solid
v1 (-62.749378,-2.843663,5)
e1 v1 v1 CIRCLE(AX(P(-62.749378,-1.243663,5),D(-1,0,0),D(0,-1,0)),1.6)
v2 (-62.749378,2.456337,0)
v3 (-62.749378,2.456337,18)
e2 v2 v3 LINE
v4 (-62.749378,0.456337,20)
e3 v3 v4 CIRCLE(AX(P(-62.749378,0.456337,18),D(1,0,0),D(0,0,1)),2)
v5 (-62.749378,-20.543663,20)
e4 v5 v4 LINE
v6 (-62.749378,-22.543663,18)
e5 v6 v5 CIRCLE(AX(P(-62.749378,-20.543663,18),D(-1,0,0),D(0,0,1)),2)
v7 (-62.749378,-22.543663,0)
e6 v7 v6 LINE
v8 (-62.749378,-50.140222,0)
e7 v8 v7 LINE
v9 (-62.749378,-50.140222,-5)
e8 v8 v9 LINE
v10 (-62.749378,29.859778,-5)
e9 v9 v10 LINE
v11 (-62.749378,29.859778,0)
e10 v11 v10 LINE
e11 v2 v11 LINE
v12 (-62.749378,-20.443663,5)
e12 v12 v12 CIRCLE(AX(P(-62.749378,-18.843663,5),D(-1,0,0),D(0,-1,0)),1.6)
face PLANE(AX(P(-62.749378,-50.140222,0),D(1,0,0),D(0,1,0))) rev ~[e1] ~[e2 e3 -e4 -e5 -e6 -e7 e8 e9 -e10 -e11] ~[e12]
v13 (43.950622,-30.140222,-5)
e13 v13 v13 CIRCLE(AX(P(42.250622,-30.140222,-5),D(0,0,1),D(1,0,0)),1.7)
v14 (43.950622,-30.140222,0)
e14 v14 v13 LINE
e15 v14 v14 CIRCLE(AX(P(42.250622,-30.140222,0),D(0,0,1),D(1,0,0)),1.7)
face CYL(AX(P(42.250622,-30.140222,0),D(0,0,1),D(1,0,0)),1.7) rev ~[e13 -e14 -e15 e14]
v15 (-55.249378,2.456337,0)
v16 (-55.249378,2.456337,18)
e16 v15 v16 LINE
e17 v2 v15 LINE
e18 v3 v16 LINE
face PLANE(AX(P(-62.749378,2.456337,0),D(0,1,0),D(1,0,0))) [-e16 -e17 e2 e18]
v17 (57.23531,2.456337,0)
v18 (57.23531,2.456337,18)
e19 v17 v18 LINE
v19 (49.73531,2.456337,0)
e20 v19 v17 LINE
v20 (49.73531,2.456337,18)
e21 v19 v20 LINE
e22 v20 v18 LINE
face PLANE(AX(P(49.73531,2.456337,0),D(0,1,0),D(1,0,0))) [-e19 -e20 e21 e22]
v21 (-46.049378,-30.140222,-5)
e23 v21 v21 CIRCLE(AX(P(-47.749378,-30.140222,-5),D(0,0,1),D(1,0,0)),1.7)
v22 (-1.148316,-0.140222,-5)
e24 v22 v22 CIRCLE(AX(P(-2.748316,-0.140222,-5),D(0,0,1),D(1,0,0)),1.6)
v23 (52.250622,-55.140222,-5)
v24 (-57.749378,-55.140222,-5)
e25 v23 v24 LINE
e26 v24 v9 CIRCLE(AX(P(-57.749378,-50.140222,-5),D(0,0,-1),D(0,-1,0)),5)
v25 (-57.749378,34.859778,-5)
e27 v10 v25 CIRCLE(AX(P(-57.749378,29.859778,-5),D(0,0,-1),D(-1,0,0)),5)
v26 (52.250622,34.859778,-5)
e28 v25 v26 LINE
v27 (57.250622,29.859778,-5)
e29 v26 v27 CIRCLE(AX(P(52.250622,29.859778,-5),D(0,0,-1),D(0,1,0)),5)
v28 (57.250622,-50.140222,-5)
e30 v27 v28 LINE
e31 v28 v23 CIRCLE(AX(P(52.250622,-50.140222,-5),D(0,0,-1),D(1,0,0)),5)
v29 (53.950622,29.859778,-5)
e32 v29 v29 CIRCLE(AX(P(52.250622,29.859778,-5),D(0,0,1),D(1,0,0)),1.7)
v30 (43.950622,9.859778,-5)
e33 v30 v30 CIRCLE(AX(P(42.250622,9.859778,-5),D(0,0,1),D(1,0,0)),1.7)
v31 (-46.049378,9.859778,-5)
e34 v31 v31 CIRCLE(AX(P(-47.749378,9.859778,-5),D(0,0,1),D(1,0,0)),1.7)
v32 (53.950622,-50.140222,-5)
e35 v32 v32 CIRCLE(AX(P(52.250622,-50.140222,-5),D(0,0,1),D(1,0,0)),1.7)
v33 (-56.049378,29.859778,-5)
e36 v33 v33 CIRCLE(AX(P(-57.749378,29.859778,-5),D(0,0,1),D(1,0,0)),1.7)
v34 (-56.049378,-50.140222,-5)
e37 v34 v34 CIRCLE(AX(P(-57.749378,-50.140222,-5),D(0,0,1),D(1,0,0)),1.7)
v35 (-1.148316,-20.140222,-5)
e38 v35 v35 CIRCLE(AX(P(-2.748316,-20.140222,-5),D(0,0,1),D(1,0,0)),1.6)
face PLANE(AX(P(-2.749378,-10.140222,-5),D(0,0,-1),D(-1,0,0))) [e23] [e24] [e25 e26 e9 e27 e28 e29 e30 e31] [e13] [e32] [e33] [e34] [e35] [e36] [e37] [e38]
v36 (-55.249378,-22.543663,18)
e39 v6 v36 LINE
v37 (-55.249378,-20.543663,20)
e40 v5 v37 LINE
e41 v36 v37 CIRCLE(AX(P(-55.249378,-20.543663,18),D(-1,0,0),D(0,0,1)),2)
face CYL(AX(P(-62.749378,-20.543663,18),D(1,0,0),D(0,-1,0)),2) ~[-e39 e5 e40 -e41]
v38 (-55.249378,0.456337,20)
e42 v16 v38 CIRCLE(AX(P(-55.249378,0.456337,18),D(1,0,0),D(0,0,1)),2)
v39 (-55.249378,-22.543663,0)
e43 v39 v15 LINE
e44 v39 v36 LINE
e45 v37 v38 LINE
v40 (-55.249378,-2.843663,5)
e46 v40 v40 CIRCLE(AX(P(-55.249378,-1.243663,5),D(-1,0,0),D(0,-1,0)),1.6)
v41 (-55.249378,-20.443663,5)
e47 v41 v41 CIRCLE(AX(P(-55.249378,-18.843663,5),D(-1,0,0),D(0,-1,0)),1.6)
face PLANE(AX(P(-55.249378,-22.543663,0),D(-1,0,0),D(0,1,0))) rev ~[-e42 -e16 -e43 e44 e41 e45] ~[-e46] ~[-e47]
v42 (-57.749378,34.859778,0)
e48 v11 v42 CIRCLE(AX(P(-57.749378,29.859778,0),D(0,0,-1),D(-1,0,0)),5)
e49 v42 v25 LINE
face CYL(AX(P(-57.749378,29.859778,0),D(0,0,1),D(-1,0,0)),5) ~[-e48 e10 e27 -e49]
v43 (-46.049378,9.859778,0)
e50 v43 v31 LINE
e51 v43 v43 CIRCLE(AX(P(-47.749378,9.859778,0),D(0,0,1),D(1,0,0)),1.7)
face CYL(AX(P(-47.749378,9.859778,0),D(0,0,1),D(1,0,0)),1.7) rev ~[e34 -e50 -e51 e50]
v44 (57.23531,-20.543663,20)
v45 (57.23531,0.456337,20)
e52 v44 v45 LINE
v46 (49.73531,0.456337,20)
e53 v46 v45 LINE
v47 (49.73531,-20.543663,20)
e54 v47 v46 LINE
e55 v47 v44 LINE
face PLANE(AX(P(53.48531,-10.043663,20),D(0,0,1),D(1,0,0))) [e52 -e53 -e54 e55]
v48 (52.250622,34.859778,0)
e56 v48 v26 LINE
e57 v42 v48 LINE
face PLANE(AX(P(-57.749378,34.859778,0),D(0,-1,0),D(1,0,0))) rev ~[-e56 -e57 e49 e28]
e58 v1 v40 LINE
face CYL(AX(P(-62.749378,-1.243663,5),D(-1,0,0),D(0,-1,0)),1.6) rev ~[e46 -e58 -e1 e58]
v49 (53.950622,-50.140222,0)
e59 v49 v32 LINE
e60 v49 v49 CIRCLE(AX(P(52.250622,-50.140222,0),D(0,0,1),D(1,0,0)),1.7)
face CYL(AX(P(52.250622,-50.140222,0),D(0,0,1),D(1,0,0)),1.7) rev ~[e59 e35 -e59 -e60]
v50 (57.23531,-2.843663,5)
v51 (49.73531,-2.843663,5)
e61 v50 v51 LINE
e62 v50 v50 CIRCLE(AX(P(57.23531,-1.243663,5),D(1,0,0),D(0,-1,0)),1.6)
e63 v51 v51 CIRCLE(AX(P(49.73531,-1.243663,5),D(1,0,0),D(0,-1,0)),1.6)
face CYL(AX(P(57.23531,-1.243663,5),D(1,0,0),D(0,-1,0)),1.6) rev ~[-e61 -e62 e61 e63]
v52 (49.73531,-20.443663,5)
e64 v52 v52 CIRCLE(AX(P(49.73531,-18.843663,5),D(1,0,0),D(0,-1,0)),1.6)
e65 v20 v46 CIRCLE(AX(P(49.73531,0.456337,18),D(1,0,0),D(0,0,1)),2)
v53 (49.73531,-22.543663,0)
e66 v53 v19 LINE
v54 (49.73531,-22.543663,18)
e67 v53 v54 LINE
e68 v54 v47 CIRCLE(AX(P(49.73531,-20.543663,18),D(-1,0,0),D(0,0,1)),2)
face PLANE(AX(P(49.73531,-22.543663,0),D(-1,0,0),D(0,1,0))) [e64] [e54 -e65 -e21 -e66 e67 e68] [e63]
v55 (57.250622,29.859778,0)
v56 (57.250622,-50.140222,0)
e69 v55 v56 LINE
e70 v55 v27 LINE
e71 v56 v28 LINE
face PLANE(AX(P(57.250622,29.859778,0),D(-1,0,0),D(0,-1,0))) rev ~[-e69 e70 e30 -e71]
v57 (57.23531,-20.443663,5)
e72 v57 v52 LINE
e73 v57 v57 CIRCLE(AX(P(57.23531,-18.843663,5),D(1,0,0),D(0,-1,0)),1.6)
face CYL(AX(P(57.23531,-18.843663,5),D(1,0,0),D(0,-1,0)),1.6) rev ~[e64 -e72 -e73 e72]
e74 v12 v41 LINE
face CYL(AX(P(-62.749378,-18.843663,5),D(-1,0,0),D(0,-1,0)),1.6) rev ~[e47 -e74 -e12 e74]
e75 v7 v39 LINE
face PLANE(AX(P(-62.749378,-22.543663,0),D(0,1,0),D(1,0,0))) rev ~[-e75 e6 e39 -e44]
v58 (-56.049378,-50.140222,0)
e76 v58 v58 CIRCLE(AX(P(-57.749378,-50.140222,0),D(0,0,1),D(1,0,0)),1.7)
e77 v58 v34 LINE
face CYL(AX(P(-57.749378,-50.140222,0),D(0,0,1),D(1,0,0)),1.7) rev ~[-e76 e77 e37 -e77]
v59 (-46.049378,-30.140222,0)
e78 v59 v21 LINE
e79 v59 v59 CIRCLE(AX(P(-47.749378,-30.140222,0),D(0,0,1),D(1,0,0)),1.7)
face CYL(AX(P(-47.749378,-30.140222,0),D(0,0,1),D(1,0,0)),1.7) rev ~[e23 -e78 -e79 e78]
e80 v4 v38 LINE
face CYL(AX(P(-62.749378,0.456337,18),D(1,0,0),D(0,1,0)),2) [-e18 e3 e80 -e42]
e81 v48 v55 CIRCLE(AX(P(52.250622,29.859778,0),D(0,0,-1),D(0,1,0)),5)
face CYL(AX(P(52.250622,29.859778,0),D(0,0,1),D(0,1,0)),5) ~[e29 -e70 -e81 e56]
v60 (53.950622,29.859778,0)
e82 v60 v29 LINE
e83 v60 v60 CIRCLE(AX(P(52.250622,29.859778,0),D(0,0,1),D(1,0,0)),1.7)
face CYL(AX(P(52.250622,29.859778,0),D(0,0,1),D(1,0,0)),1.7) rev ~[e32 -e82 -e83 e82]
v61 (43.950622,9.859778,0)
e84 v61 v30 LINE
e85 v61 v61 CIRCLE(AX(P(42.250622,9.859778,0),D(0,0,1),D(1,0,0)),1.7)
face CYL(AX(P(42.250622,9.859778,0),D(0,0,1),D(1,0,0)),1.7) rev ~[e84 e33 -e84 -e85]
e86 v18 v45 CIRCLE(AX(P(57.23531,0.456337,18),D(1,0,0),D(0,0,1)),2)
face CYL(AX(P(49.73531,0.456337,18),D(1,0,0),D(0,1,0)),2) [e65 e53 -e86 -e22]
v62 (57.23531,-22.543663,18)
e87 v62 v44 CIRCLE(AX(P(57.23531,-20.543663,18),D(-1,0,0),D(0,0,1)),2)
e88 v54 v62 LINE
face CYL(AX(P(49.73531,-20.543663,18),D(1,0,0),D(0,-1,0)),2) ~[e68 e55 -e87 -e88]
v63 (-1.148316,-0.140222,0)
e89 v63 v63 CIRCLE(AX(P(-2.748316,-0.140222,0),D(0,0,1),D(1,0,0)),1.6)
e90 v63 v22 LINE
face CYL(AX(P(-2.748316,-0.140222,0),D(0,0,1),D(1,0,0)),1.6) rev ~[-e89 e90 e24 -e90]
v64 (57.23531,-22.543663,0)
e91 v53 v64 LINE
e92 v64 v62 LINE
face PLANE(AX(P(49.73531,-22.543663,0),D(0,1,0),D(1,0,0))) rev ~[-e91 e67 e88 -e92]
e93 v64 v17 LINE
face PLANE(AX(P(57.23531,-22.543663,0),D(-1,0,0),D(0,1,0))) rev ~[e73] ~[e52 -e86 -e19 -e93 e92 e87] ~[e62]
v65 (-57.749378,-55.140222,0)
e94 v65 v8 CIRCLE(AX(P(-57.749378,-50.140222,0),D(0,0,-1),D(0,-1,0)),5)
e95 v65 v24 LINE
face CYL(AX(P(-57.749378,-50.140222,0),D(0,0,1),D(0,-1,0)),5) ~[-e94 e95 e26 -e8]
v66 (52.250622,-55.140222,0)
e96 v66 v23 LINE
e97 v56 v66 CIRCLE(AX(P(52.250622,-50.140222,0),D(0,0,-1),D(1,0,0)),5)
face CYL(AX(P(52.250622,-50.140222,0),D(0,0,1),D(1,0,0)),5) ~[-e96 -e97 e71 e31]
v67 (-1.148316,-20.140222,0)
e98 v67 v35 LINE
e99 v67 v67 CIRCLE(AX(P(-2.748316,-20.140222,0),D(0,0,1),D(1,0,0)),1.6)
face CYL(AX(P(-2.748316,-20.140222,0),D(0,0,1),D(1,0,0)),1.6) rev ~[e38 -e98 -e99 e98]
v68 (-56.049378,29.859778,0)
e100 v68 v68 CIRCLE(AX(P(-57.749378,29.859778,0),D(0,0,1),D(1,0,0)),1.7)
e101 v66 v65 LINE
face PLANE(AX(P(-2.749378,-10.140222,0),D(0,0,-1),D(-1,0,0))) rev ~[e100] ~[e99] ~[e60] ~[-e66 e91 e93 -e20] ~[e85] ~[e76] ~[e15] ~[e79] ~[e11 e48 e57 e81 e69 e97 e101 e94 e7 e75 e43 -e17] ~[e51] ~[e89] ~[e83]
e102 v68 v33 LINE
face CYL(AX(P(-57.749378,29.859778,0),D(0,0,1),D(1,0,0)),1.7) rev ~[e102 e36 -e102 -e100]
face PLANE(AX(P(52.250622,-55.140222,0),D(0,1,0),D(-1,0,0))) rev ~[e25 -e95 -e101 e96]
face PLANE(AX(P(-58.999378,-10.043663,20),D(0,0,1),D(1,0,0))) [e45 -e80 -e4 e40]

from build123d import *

# Parameters (mm, degrees)
EXTRUDE_1_DEPTH        = 5
SKETCH_1_4_OUTSIDE_W   = 152.016
SKETCH_1_4_OUTSIDE_H   = 122.016
SKETCH_1_4_OUTSIDE_R   = 1.7
SKETCH_1_4_OUTSIDE_R_2 = 1.6
CUT_EXTRUDE_3_DEPTH    = 84.683501662
SKETCH_2_W             = 7.5
SKETCH_2_H             = 25
EXTRUDE_2_DEPTH        = 20
FILLET_1_R             = 2
SKETCH_6_R             = 1.6
CUT_EXTRUDE_4_DEPTH    = 7.5
SKETCH_7_R             = 1.6
CUT_EXTRUDE_5_DEPTH    = 134.554368416


with BuildPart() as part:
    # 스케치1 → 보스-돌출1 (new body)
    with BuildSketch(Plane.XY):
        with BuildLine():
            Line((-57.749377558, 34.859778143), (52.250622442, 34.859778143))
            ThreePointArc((52.250622442, 34.859778143), (55.786156348, 33.395312049), (57.250622442, 29.859778143))
            Line((57.250622442, 29.859778143), (57.250622442, -50.140221857))
            ThreePointArc((57.250622442, -50.140221857), (55.786156348, -53.675755763), (52.250622442, -55.140221857))
            Line((52.250622442, -55.140221857), (-57.749377558, -55.140221857))
            ThreePointArc((-57.749377558, -55.140221857), (-61.284911464, -53.675755763), (-62.749377558, -50.140221857))
            Line((-62.749377558, -50.140221857), (-62.749377558, 29.859778143))
            ThreePointArc((-62.749377558, 29.859778143), (-61.284911464, 33.395312049), (-57.749377558, 34.859778143))
        make_face()
    extrude(amount=-EXTRUDE_1_DEPTH)

    # 스케치1<4> outside → 컷-돌출3 (cut, through all)
    # profile 1 of 11: a face of its own
    with BuildSketch(Plane.XY):
        with Locations((-2.749, -10.14)):
            Rectangle(SKETCH_1_4_OUTSIDE_W, SKETCH_1_4_OUTSIDE_H)
        with BuildLine():
            Line((-57.749377558, 34.859778143), (52.250622442, 34.859778143))
            ThreePointArc((52.250622442, 34.859778143), (55.786156348, 33.395312049), (57.250622442, 29.859778143))
            Line((57.250622442, 29.859778143), (57.250622442, -50.140221857))
            ThreePointArc((57.250622442, -50.140221857), (55.786156348, -53.675755763), (52.250622442, -55.140221857))
            Line((52.250622442, -55.140221857), (-57.749377558, -55.140221857))
            ThreePointArc((-57.749377558, -55.140221857), (-61.284911464, -53.675755763), (-62.749377558, -50.140221857))
            Line((-62.749377558, -50.140221857), (-62.749377558, 29.859778143))
            ThreePointArc((-62.749377558, 29.859778143), (-61.284911464, 33.395312049), (-57.749377558, 34.859778143))
        make_face(mode=Mode.SUBTRACT)
    # profile 2 of 11: a face of its own
    with BuildSketch(Plane.XY):
        with Locations((-57.749377558, 29.859778143)):
            Circle(SKETCH_1_4_OUTSIDE_R)
    # profile 3 of 11: a face of its own
    with BuildSketch(Plane.XY):
        with Locations((52.250622442, 29.859778143)):
            Circle(SKETCH_1_4_OUTSIDE_R)
    # profile 4 of 11: a face of its own
    with BuildSketch(Plane.XY):
        with Locations((-57.749377558, -50.140221857)):
            Circle(SKETCH_1_4_OUTSIDE_R)
    # profile 5 of 11: a face of its own
    with BuildSketch(Plane.XY):
        with Locations((52.250622442, -50.140221857)):
            Circle(SKETCH_1_4_OUTSIDE_R)
    # profile 6 of 11: a face of its own
    with BuildSketch(Plane.XY):
        with Locations((-47.749377558, 9.859778143)):
            Circle(SKETCH_1_4_OUTSIDE_R)
    # profile 7 of 11: a face of its own
    with BuildSketch(Plane.XY):
        with Locations((-47.749377558, -30.140221857)):
            Circle(SKETCH_1_4_OUTSIDE_R)
    # profile 8 of 11: a face of its own
    with BuildSketch(Plane.XY):
        with Locations((42.250622442, 9.859778143)):
            Circle(SKETCH_1_4_OUTSIDE_R)
    # profile 9 of 11: a face of its own
    with BuildSketch(Plane.XY):
        with Locations((42.250622442, -30.140221857)):
            Circle(SKETCH_1_4_OUTSIDE_R)
    # profile 10 of 11: a face of its own
    with BuildSketch(Plane.XY):
        with Locations((-2.74831555, -0.140221857)):
            Circle(SKETCH_1_4_OUTSIDE_R_2)
    # profile 11 of 11: a face of its own
    with BuildSketch(Plane.XY):
        with Locations((-2.74831555, -20.140221857)):
            Circle(SKETCH_1_4_OUTSIDE_R_2)
    extrude(amount=-CUT_EXTRUDE_3_DEPTH, mode=Mode.SUBTRACT)

    # 스케치2 → 보스-돌출2 (add)
    with BuildSketch(Plane.XY):
        with Locations((-58.999377558, -10.043662602)):
            Rectangle(SKETCH_2_W, SKETCH_2_H)
        with Locations((53.485310034, -10.043662602)):
            Rectangle(SKETCH_2_W, SKETCH_2_H)
    extrude(amount=EXTRUDE_2_DEPTH)

    # 필렛1
    fillet_1_edges = [part.edges().sort_by_distance(p)[0] for p in [
        (-58.999377558, -22.543662602, 20),
        (-58.999377558, 2.456337398, 20),
        (53.485310034, 2.456337398, 20),
        (53.485310034, -22.543662602, 20),
    ]]
    fillet(fillet_1_edges, radius=FILLET_1_R)

    # 스케치6 → 컷-돌출4 (cut)
    with BuildSketch(Plane.ZY.offset(62.749377558)):
        with Locations(Location((5, -18.843662602, 0), (0, 0, 270))):
            Circle(SKETCH_6_R)
        with Locations(Location((5, -1.243662602, 0), (0, 0, 270))):
            Circle(SKETCH_6_R)
    extrude(amount=-CUT_EXTRUDE_4_DEPTH, mode=Mode.SUBTRACT)

    # 스케치7 → 컷-돌출5 (cut, through all)
    with BuildSketch(Plane(origin=(57.235310034, 0, 0), x_dir=(0, 0, -1), z_dir=(1, 0, 0))):
        with Locations(Location((-5, -1.243662602, 0), (0, 0, 270))):
            Circle(SKETCH_7_R)
        with Locations(Location((-5, -18.843662602, 0), (0, 0, 270))):
            Circle(SKETCH_7_R)
    extrude(amount=-CUT_EXTRUDE_5_DEPTH, mode=Mode.SUBTRACT)


solid = part.part
